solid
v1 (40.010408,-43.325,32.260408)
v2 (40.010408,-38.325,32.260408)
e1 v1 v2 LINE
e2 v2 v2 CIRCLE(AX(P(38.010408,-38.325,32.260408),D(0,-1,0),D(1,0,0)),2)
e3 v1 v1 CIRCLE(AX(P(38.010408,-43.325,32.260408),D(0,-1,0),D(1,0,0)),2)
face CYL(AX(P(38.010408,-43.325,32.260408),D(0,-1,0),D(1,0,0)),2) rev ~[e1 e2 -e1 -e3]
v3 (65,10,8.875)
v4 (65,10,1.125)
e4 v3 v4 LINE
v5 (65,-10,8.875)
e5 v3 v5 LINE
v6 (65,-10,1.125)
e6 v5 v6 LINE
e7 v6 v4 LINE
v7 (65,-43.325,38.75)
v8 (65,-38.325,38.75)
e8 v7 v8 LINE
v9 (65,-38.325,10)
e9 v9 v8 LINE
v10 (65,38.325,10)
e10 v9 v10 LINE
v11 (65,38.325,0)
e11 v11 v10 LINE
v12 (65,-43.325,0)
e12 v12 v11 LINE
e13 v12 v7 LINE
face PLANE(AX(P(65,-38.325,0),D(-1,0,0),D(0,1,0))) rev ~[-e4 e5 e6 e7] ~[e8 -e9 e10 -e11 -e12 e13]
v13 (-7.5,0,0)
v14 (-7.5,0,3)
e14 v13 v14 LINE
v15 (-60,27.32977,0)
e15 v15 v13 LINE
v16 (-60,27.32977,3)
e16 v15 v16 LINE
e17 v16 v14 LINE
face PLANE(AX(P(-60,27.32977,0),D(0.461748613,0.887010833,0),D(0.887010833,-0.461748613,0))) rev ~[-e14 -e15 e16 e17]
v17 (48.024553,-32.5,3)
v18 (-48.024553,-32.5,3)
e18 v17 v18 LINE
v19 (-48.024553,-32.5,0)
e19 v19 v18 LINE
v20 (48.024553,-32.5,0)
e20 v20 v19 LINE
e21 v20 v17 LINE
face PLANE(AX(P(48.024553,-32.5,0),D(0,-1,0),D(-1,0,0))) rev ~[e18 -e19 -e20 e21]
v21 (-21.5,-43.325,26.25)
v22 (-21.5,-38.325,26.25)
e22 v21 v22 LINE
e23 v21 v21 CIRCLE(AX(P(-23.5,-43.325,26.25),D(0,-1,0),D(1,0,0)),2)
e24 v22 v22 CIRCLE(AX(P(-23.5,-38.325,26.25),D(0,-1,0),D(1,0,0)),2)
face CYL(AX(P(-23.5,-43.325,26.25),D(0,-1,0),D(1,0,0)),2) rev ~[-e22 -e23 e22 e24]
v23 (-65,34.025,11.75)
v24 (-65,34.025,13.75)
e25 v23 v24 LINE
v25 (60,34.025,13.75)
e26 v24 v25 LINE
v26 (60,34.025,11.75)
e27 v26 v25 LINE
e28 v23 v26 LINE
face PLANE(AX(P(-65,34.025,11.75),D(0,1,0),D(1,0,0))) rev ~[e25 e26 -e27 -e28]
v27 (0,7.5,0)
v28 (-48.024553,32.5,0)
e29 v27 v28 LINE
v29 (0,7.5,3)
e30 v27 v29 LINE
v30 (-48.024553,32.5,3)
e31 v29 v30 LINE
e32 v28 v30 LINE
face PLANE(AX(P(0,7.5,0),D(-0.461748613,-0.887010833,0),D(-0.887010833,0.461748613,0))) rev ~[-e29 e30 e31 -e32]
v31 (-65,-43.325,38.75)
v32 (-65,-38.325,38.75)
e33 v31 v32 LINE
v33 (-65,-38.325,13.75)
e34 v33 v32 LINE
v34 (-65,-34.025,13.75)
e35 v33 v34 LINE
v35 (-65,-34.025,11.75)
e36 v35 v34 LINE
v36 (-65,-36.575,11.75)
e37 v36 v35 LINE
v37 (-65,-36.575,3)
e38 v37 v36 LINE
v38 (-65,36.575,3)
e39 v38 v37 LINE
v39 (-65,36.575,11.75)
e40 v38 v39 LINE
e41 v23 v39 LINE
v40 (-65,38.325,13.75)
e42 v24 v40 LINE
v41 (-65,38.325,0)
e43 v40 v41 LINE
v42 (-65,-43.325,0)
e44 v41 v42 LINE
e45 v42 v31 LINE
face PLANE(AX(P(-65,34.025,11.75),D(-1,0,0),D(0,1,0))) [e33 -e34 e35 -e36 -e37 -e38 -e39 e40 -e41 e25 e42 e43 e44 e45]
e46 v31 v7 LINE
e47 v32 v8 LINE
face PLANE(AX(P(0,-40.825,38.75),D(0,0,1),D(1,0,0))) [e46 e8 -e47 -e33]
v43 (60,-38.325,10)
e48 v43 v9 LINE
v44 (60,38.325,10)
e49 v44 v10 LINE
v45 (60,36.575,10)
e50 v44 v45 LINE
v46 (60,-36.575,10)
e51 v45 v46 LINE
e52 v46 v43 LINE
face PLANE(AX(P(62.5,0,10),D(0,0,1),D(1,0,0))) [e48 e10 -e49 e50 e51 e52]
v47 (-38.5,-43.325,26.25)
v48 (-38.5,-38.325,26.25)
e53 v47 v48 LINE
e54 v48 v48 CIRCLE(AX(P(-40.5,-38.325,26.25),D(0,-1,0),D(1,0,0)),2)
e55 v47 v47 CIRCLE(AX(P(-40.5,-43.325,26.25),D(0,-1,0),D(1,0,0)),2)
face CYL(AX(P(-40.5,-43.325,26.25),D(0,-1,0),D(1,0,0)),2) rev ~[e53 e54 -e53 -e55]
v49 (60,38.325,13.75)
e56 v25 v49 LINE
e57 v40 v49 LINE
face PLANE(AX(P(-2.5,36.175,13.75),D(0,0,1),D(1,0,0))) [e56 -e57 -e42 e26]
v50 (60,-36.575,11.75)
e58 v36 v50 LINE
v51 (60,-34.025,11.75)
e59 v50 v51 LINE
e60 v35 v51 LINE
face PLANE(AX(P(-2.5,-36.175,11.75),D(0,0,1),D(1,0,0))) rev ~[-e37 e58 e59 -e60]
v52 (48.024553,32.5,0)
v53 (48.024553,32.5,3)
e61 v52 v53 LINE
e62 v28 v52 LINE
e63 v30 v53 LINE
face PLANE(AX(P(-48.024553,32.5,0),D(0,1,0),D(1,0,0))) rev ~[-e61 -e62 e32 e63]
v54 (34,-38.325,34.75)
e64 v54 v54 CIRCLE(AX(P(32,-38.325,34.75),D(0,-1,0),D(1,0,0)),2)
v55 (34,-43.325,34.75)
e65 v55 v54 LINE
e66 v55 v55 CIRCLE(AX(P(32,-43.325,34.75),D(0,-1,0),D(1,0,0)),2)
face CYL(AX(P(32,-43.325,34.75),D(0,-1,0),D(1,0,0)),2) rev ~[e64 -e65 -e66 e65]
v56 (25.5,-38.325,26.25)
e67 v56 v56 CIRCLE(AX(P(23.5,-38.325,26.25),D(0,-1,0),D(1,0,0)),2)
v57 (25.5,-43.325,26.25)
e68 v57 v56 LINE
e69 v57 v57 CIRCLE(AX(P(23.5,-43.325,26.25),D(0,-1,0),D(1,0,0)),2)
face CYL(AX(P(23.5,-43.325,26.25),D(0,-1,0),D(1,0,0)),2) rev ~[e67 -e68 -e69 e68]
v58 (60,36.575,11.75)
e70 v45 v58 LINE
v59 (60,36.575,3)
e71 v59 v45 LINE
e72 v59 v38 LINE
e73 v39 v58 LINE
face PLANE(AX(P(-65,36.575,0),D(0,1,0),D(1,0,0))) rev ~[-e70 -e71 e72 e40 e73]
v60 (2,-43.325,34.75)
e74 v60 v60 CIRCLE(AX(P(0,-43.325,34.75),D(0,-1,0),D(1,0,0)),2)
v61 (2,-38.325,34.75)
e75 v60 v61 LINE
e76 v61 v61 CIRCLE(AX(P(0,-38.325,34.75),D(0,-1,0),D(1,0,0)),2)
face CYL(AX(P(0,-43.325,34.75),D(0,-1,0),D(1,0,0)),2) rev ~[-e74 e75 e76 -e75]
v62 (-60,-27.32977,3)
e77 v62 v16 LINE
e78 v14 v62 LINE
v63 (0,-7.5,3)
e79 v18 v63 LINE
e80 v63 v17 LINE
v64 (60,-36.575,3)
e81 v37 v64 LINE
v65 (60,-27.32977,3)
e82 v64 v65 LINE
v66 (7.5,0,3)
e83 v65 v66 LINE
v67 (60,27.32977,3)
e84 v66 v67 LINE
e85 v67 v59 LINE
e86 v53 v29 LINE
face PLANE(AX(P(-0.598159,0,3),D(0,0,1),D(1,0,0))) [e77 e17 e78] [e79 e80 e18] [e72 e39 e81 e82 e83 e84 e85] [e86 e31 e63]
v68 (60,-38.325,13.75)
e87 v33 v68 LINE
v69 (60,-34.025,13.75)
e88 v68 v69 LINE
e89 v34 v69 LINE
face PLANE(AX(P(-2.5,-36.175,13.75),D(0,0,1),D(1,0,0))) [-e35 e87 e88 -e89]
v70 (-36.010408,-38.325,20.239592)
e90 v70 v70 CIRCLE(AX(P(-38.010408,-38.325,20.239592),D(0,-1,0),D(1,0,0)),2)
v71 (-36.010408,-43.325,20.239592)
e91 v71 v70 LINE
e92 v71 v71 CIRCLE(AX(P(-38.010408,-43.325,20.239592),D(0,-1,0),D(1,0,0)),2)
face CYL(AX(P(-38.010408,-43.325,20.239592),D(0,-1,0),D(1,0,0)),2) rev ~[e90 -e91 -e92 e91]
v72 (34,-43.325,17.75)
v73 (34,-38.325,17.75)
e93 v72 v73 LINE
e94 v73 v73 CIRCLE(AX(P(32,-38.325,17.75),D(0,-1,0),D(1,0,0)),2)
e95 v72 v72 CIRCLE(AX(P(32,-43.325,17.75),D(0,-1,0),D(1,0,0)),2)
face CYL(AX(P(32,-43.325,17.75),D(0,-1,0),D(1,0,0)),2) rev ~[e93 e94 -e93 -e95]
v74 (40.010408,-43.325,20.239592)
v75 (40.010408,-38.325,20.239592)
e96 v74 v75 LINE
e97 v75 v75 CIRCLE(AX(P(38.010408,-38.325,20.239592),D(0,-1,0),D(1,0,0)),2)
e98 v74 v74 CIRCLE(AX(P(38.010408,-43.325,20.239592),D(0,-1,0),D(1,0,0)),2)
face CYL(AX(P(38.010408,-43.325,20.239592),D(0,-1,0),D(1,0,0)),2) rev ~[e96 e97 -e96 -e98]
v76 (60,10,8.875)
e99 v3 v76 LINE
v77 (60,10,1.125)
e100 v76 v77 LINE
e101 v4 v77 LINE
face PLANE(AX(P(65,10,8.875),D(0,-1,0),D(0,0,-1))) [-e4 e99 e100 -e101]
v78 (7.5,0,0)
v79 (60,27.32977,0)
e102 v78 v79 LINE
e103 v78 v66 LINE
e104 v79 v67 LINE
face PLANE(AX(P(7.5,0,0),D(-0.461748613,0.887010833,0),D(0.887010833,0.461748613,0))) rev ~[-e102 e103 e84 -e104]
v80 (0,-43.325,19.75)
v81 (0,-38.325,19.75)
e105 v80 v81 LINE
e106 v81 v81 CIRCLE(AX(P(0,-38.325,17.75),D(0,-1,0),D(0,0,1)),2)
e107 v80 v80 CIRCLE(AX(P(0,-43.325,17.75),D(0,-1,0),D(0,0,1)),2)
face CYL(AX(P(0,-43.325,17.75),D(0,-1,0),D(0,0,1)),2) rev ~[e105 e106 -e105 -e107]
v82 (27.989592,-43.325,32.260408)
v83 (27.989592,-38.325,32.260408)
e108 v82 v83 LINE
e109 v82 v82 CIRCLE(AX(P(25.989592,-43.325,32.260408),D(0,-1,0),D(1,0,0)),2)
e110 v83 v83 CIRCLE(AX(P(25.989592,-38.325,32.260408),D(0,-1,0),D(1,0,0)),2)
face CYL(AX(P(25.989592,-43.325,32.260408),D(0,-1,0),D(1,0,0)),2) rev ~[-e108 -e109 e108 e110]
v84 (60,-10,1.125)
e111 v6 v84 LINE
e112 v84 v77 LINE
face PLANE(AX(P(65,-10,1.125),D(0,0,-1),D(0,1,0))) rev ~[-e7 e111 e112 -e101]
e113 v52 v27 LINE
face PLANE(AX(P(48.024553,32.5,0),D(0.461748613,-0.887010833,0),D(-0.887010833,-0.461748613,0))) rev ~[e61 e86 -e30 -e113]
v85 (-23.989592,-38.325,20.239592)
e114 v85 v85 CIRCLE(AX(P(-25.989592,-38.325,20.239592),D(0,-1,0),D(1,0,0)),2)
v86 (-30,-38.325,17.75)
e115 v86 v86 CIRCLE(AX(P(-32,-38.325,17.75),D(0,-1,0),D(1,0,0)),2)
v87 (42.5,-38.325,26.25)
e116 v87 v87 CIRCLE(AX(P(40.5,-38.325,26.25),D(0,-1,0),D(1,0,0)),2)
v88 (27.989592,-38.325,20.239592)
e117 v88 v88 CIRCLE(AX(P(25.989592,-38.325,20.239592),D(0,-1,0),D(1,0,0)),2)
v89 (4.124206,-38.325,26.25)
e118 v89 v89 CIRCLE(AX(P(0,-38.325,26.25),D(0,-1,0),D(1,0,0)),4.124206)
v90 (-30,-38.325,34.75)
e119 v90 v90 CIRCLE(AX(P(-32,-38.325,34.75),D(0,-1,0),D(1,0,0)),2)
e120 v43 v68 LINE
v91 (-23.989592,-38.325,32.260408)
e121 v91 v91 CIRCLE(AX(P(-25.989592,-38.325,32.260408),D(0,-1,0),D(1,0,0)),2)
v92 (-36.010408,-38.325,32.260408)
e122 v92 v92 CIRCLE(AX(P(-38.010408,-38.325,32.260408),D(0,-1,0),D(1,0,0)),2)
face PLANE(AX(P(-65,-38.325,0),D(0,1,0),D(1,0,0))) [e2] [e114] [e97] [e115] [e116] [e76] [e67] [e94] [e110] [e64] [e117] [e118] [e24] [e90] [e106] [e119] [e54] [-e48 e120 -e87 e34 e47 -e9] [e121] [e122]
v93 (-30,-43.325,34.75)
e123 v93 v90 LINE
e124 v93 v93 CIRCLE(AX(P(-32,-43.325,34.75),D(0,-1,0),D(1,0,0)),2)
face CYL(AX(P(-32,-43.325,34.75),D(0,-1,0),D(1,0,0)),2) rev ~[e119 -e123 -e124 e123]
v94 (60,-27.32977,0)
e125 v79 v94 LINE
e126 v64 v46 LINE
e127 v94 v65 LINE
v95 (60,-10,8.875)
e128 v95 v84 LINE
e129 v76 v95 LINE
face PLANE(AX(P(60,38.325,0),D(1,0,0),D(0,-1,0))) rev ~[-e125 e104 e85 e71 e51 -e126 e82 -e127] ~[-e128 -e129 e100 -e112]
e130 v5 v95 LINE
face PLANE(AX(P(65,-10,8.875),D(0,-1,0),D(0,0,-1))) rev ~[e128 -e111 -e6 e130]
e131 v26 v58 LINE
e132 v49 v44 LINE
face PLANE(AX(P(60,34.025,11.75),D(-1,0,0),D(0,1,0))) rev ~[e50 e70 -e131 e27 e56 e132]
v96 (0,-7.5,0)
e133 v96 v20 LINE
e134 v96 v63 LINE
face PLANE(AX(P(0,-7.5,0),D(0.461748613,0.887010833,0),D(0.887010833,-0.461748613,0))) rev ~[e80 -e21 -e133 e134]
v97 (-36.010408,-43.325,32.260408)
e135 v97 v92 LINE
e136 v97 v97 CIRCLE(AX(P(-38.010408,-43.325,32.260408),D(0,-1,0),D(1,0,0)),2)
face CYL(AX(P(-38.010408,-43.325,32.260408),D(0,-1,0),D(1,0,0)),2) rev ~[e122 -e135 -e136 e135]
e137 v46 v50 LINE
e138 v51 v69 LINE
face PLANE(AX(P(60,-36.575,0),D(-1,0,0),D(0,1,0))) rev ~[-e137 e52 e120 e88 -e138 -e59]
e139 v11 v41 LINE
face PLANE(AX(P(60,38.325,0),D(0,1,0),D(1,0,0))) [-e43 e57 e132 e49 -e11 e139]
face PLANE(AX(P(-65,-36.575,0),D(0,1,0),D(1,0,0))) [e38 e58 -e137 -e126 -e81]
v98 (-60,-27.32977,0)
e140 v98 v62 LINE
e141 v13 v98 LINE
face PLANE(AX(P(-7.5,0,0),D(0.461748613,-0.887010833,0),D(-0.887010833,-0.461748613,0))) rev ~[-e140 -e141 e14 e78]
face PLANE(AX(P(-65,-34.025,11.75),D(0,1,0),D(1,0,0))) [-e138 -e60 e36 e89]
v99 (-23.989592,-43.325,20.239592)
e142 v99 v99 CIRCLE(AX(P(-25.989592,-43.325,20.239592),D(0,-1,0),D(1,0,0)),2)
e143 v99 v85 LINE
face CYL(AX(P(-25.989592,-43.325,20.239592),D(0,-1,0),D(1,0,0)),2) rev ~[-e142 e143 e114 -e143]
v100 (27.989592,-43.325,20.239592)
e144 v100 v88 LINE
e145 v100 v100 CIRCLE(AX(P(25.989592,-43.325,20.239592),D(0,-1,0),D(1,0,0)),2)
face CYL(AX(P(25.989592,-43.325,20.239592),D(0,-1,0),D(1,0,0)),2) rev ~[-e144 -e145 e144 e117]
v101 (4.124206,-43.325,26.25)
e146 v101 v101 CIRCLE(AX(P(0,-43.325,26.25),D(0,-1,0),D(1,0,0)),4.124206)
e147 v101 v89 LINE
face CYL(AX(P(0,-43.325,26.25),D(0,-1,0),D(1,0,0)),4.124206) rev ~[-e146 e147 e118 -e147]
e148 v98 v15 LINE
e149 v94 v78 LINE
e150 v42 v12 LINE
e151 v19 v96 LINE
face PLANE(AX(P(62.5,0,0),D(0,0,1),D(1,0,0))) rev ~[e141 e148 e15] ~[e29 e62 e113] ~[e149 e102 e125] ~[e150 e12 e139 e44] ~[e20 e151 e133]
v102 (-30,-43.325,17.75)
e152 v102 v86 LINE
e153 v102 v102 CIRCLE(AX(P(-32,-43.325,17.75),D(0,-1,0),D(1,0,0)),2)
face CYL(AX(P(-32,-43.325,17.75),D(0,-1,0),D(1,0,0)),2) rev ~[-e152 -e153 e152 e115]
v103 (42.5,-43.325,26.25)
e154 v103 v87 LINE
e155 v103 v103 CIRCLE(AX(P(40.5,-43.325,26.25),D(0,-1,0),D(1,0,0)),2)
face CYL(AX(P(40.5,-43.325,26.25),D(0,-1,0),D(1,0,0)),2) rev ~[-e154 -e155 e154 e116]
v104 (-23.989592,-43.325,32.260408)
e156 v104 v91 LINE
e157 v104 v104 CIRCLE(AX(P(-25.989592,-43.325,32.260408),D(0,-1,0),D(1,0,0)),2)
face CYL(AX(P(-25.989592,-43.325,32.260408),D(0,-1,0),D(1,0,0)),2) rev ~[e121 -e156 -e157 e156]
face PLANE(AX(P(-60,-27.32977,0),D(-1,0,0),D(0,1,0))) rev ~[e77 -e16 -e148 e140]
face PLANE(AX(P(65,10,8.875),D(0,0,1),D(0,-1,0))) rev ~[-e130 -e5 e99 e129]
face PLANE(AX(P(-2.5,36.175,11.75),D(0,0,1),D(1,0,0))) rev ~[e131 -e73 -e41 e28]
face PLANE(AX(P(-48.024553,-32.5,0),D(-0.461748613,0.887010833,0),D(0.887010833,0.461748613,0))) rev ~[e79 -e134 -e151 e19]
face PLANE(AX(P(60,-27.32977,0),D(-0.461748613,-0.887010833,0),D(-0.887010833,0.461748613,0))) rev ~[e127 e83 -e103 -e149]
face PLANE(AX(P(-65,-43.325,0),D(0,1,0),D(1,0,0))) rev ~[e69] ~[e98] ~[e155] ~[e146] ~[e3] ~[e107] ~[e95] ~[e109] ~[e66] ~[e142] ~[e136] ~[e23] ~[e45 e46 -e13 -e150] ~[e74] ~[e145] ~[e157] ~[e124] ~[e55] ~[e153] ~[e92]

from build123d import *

# Parameters (mm, degrees)
BOSS_EXTRUDE1_DEPTH = 38.75
BOSS_EXTRUDE2_DEPTH = 3
SKETCH1_5_W         = 125
SKETCH1_5_H         = 1.75
BOSS_EXTRUDE3_DEPTH = 11.75
BOSS_EXTRUDE5_START = 11.75
SKETCH1_7_W         = 125
SKETCH1_7_H         = 4.3
BOSS_EXTRUDE5_DEPTH = 2
SKETCH2_R           = 2
SKETCH2_R_2         = 4.124206023
CUT_EXTRUDE1_DEPTH  = 13.75
SKETCH1_9_W         = 5
SKETCH1_9_H         = 76.65
BOSS_EXTRUDE7_DEPTH = 10
SKETCH3_W           = 7.75
SKETCH3_H           = 20
CUT_EXTRUDE2_DEPTH  = 10


with BuildPart() as part:
    # Sketch1 → Boss-Extrude1 (new body)
    with BuildSketch(Plane.XY):
        Polygon((65, -43.325), (65, -38.325), (60, -38.325), (-65, -38.325), (-65, -43.325), align=None)
    extrude(amount=BOSS_EXTRUDE1_DEPTH)

    # Sketch1<5> → Boss-Extrude3 (add)
    with BuildSketch(Plane.XY):
        with Locations((-2.5, 37.45)):
            Rectangle(SKETCH1_5_W, SKETCH1_5_H)
        with Locations((-2.5, -37.45)):
            Rectangle(SKETCH1_5_W, SKETCH1_5_H)
    extrude(amount=BOSS_EXTRUDE3_DEPTH)


with BuildPart() as body_2:
    # Sketch1<4> → Boss-Extrude2 (new body)
    with BuildSketch(Plane.XY):
        Polygon((60, 36.575), (-65, 36.575), (-65, -36.575), (60, -36.575), (60, -27.329770154), (7.5, 0), (60, 27.329770154), align=None)
        Polygon((48.024553174, 32.5), (0, 7.5), (-48.024553174, 32.5), align=None, mode=Mode.SUBTRACT)
        Polygon((-60, -27.329770154), (-60, 27.329770154), (-7.5, 0), align=None, mode=Mode.SUBTRACT)
        Polygon((48.024553174, -32.5), (-48.024553174, -32.5), (0, -7.5), align=None, mode=Mode.SUBTRACT)
    extrude(amount=BOSS_EXTRUDE2_DEPTH)



with BuildPart() as boss_extrude3_piece_1:
    # of the separate pieces the step leaves, piece 1, a body of its own (boss_extrude3_pieces)
    add(part.part.solids().sort_by_distance((65, -43.325, 0))[0])



with BuildPart() as boss_extrude3_piece_2:
    # of the separate pieces the step leaves, piece 2, a body of its own (boss_extrude3_pieces)
    add(part.part.solids().sort_by_distance((60, 36.575, 0))[0])


with BuildPart() as boss_extrude3_piece_1_1:
    add(boss_extrude3_piece_1.part)

    add(boss_extrude3_piece_2.part)  # Boss-Extrude5 merges Boss-Extrude3 piece 2
    # Sketch1<7> → Boss-Extrude5 (add)
    with BuildSketch(Plane.XY.offset(BOSS_EXTRUDE5_START)):
        with Locations((-2.5, 36.175)):
            Rectangle(SKETCH1_7_W, SKETCH1_7_H)
        with Locations((-2.5, -36.175)):
            Rectangle(SKETCH1_7_W, SKETCH1_7_H)
    extrude(amount=BOSS_EXTRUDE5_DEPTH)

    # Sketch2 → Cut-Extrude1 (cut)
    with BuildSketch(Plane.XZ.offset(43.325)):
        with Locations((32, 34.75)):
            Circle(SKETCH2_R)
        with Locations((23.5, 26.25)):
            Circle(SKETCH2_R)
        with Locations((0, 34.75)):
            Circle(SKETCH2_R)
        with Locations((0, 17.75)):
            Circle(SKETCH2_R)
        with Locations((0, 26.25)):
            Circle(SKETCH2_R_2)
        with Locations((38.01040764, 32.26040764)):
            Circle(SKETCH2_R)
        with Locations((40.5, 26.25)):
            Circle(SKETCH2_R)
        with Locations((38.01040764, 20.23959236)):
            Circle(SKETCH2_R)
        with Locations((32, 17.75)):
            Circle(SKETCH2_R)
        with Locations((25.98959236, 20.23959236)):
            Circle(SKETCH2_R)
        with Locations((25.98959236, 32.26040764)):
            Circle(SKETCH2_R)
        with Locations((-38.01040764, 20.23959236)):
            Circle(SKETCH2_R)
        with Locations((-32, 17.75)):
            Circle(SKETCH2_R)
        with Locations((-25.98959236, 20.23959236)):
            Circle(SKETCH2_R)
        with Locations((-23.5, 26.25)):
            Circle(SKETCH2_R)
        with Locations((-25.98959236, 32.26040764)):
            Circle(SKETCH2_R)
        with Locations((-32, 34.75)):
            Circle(SKETCH2_R)
        with Locations((-38.01040764, 32.26040764)):
            Circle(SKETCH2_R)
        with Locations((-40.5, 26.25)):
            Circle(SKETCH2_R)
    extrude(amount=-CUT_EXTRUDE1_DEPTH, mode=Mode.SUBTRACT)


with BuildPart() as body_2_1:
    add(body_2.part)

    add(boss_extrude3_piece_1_1.part)  # Boss-Extrude7 merges Boss-Extrude3 piece 1
    # Sketch1<9> → Boss-Extrude7 (add)
    with BuildSketch(Plane.XY):
        with Locations((62.5, 0)):
            Rectangle(SKETCH1_9_W, SKETCH1_9_H)
    extrude(amount=BOSS_EXTRUDE7_DEPTH)

    # Sketch3 → Cut-Extrude2 (cut)
    with BuildSketch(Plane(origin=(65, 0, 0), x_dir=(0, 0, -1), z_dir=(1, 0, 0))):
        with Locations((-5, 0)):
            Rectangle(SKETCH3_W, SKETCH3_H)
    extrude(amount=-CUT_EXTRUDE2_DEPTH, mode=Mode.SUBTRACT)


solid = body_2_1.part
